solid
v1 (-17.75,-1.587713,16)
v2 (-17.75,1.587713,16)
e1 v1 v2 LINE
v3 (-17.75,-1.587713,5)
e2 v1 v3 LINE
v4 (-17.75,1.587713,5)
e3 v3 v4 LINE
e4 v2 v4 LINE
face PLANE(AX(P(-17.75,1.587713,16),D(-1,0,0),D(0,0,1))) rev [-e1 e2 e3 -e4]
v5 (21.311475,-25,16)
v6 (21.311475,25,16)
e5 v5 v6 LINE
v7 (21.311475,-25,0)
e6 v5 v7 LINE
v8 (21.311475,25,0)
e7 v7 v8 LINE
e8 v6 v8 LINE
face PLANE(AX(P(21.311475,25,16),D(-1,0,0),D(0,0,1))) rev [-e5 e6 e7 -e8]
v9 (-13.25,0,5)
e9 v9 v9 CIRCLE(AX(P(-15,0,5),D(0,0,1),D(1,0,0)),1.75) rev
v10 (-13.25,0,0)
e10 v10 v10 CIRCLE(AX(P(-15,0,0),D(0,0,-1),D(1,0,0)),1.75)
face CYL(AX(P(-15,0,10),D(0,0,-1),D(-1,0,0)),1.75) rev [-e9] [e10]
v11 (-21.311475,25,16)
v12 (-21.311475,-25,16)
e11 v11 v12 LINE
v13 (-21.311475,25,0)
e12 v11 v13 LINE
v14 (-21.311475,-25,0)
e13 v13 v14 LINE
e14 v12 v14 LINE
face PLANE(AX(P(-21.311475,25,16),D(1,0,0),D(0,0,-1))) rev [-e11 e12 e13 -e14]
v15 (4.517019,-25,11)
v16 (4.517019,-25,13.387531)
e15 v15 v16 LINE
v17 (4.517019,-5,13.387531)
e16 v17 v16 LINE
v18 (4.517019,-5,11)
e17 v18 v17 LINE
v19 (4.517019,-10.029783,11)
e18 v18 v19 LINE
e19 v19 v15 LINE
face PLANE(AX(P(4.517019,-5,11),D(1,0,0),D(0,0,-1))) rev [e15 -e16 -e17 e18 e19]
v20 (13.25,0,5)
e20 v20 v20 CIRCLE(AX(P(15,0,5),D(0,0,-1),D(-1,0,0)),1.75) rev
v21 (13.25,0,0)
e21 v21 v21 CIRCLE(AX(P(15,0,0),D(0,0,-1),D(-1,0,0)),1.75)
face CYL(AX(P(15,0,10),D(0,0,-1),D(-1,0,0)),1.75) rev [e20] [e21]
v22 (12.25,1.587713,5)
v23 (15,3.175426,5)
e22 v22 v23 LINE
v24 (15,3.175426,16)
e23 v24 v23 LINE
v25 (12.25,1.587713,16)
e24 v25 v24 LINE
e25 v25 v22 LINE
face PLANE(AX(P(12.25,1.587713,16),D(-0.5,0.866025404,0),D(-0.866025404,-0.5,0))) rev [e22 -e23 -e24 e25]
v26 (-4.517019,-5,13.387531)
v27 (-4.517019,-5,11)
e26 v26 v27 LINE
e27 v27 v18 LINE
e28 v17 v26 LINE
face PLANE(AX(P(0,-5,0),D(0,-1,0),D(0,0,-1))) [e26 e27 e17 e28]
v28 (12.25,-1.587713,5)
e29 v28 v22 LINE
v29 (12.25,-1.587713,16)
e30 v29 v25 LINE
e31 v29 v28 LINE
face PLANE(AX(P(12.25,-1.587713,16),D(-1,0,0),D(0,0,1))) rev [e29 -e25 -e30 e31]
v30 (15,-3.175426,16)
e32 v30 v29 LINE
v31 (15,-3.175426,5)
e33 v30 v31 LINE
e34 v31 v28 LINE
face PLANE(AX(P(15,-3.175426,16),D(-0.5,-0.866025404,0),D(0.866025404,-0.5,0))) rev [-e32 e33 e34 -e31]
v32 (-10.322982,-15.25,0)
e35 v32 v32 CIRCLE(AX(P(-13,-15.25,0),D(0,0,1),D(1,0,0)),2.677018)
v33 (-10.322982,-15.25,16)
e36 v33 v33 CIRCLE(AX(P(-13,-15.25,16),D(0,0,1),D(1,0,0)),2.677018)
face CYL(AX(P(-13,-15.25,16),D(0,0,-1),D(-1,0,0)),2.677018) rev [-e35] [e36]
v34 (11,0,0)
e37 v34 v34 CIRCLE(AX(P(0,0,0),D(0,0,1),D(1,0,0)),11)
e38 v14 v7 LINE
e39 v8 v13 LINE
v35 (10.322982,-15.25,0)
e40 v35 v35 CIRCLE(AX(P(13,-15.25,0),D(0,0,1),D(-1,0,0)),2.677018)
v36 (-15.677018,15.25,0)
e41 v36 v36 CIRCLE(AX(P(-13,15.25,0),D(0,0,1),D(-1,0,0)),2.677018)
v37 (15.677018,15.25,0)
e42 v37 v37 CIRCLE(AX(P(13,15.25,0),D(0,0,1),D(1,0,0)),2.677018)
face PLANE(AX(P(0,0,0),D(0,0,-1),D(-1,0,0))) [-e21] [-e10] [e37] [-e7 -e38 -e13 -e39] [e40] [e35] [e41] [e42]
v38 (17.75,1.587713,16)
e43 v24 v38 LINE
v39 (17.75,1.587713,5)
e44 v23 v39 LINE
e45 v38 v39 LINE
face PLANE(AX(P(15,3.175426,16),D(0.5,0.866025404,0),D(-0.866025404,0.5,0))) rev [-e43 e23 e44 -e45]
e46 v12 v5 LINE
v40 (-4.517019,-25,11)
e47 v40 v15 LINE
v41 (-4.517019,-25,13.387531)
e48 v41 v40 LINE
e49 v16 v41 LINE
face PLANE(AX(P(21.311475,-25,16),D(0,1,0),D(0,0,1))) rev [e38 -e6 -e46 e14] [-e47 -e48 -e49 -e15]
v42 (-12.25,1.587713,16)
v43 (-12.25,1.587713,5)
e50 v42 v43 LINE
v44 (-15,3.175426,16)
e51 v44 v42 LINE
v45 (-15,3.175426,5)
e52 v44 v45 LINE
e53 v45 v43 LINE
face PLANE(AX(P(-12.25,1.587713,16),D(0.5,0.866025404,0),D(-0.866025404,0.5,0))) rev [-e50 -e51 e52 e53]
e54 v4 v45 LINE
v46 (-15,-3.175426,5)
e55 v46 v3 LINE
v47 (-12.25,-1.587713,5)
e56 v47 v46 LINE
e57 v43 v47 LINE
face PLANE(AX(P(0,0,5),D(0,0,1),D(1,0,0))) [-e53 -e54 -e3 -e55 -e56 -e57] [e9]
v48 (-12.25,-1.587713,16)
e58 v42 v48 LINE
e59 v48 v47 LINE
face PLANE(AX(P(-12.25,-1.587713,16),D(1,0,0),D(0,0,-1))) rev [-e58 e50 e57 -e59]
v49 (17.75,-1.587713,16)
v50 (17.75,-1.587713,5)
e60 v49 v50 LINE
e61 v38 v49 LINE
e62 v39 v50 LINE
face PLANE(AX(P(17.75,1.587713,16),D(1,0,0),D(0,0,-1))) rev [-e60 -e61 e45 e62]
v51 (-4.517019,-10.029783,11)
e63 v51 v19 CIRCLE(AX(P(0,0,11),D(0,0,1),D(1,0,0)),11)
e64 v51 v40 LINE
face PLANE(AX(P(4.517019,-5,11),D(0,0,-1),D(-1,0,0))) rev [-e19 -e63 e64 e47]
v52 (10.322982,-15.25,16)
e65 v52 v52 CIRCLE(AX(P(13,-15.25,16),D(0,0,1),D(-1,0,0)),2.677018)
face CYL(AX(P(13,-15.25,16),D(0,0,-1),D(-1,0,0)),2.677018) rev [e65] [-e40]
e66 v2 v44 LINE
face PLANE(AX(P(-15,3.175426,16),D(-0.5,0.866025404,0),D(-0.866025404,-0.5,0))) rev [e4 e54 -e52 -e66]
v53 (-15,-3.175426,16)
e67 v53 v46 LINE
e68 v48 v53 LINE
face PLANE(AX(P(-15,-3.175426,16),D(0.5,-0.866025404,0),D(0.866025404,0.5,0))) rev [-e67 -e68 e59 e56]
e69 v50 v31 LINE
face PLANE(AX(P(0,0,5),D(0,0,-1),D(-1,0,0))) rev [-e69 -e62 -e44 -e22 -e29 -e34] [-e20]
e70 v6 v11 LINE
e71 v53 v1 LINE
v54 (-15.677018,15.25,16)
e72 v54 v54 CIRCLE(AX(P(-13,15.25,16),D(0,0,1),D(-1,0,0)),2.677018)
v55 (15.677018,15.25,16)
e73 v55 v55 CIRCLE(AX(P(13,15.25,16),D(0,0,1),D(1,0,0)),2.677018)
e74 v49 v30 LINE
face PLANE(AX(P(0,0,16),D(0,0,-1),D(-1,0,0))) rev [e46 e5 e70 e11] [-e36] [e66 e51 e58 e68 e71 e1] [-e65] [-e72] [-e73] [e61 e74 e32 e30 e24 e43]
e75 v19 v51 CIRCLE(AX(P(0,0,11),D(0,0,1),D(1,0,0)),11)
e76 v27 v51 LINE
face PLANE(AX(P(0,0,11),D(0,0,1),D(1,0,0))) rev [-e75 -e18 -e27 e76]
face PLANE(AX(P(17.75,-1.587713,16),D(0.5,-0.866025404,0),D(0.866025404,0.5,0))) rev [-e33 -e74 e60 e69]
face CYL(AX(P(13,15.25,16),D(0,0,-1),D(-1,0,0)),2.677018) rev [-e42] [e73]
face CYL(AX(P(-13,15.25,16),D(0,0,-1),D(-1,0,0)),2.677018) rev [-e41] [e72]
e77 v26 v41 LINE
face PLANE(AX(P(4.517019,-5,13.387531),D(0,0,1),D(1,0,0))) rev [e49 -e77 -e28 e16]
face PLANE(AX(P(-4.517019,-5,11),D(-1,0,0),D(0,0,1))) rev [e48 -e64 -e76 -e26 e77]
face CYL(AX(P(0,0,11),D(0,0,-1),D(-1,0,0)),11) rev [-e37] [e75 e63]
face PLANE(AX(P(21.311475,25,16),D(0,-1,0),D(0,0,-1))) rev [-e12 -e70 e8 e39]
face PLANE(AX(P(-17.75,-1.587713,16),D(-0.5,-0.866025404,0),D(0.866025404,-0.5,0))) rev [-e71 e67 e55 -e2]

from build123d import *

# Parameters (mm, degrees)
SKETCH1_W           = 42.62295082
SKETCH1_H           = 50
SKETCH1_R           = 2.677018134
BOSS_EXTRUDE1_DEPTH = 16
SKETCH2_R           = 11
CUT_EXTRUDE2_DEPTH  = 11
SKETCH3_R           = 1.75
CUT_EXTRUDE3_DEPTH  = 10
SKETCH6_W           = 9.034037672
SKETCH6_H           = 2.387531408
CUT_EXTRUDE5_DEPTH  = 20
CUT_EXTRUDE6_START  = -5
CUT_EXTRUDE6_DEPTH  = 32.540101042


with BuildPart() as part:
    # Sketch1 → Boss-Extrude1 (new body)
    with BuildSketch(Plane.XY):
        Rectangle(SKETCH1_W, SKETCH1_H)
        with Locations((-13, -15.25)):
            Circle(SKETCH1_R, mode=Mode.SUBTRACT)
        with Locations(Location((13, -15.25, 0), (0, 0, 180))):
            Circle(SKETCH1_R, mode=Mode.SUBTRACT)
        with Locations((13, 15.25)):
            Circle(SKETCH1_R, mode=Mode.SUBTRACT)
        with Locations(Location((-13, 15.25, 0), (0, 0, 180))):
            Circle(SKETCH1_R, mode=Mode.SUBTRACT)
    extrude(amount=BOSS_EXTRUDE1_DEPTH)

    # Sketch2 → Cut-Extrude2 (cut)
    with BuildSketch(Plane.XY):
        Circle(SKETCH2_R)
    extrude(amount=CUT_EXTRUDE2_DEPTH, mode=Mode.SUBTRACT)

    # Sketch3 → Cut-Extrude3 (cut)
    with BuildSketch(Plane(origin=(0, 0, 0), x_dir=(-1, 0, 0), z_dir=(0, 0, -1))):
        with Locations((-15, 0)):
            Circle(SKETCH3_R)
        with Locations(Location((15, 0, 0), (0, 0, 180))):
            Circle(SKETCH3_R)
    extrude(amount=-CUT_EXTRUDE3_DEPTH, mode=Mode.SUBTRACT)

    # Sketch6 → Cut-Extrude5 (cut)
    with BuildSketch(Plane.XZ.offset(25)):
        with Locations((0, 12.193765704)):
            Rectangle(SKETCH6_W, SKETCH6_H)
    extrude(amount=-CUT_EXTRUDE5_DEPTH, mode=Mode.SUBTRACT)

    # Sketch9 → Cut-Extrude6 (cut, through all)
    with BuildSketch(Plane(origin=(0, 0, 0), x_dir=(-1, 0, 0), z_dir=(0, 0, -1)).offset(CUT_EXTRUDE6_START)):
        Polygon((-15, 3.175426481), (-17.75, 1.58771324), (-17.75, -1.58771324), (-15, -3.175426481), (-12.25, -1.58771324), (-12.25, 1.58771324), align=None)
        Polygon((12.25, 1.58771324), (15, 3.175426481), (17.75, 1.58771324), (17.75, -1.58771324), (15, -3.175426481), (12.25, -1.58771324), align=None)
    extrude(amount=-CUT_EXTRUDE6_DEPTH, mode=Mode.SUBTRACT)


solid = part.part
